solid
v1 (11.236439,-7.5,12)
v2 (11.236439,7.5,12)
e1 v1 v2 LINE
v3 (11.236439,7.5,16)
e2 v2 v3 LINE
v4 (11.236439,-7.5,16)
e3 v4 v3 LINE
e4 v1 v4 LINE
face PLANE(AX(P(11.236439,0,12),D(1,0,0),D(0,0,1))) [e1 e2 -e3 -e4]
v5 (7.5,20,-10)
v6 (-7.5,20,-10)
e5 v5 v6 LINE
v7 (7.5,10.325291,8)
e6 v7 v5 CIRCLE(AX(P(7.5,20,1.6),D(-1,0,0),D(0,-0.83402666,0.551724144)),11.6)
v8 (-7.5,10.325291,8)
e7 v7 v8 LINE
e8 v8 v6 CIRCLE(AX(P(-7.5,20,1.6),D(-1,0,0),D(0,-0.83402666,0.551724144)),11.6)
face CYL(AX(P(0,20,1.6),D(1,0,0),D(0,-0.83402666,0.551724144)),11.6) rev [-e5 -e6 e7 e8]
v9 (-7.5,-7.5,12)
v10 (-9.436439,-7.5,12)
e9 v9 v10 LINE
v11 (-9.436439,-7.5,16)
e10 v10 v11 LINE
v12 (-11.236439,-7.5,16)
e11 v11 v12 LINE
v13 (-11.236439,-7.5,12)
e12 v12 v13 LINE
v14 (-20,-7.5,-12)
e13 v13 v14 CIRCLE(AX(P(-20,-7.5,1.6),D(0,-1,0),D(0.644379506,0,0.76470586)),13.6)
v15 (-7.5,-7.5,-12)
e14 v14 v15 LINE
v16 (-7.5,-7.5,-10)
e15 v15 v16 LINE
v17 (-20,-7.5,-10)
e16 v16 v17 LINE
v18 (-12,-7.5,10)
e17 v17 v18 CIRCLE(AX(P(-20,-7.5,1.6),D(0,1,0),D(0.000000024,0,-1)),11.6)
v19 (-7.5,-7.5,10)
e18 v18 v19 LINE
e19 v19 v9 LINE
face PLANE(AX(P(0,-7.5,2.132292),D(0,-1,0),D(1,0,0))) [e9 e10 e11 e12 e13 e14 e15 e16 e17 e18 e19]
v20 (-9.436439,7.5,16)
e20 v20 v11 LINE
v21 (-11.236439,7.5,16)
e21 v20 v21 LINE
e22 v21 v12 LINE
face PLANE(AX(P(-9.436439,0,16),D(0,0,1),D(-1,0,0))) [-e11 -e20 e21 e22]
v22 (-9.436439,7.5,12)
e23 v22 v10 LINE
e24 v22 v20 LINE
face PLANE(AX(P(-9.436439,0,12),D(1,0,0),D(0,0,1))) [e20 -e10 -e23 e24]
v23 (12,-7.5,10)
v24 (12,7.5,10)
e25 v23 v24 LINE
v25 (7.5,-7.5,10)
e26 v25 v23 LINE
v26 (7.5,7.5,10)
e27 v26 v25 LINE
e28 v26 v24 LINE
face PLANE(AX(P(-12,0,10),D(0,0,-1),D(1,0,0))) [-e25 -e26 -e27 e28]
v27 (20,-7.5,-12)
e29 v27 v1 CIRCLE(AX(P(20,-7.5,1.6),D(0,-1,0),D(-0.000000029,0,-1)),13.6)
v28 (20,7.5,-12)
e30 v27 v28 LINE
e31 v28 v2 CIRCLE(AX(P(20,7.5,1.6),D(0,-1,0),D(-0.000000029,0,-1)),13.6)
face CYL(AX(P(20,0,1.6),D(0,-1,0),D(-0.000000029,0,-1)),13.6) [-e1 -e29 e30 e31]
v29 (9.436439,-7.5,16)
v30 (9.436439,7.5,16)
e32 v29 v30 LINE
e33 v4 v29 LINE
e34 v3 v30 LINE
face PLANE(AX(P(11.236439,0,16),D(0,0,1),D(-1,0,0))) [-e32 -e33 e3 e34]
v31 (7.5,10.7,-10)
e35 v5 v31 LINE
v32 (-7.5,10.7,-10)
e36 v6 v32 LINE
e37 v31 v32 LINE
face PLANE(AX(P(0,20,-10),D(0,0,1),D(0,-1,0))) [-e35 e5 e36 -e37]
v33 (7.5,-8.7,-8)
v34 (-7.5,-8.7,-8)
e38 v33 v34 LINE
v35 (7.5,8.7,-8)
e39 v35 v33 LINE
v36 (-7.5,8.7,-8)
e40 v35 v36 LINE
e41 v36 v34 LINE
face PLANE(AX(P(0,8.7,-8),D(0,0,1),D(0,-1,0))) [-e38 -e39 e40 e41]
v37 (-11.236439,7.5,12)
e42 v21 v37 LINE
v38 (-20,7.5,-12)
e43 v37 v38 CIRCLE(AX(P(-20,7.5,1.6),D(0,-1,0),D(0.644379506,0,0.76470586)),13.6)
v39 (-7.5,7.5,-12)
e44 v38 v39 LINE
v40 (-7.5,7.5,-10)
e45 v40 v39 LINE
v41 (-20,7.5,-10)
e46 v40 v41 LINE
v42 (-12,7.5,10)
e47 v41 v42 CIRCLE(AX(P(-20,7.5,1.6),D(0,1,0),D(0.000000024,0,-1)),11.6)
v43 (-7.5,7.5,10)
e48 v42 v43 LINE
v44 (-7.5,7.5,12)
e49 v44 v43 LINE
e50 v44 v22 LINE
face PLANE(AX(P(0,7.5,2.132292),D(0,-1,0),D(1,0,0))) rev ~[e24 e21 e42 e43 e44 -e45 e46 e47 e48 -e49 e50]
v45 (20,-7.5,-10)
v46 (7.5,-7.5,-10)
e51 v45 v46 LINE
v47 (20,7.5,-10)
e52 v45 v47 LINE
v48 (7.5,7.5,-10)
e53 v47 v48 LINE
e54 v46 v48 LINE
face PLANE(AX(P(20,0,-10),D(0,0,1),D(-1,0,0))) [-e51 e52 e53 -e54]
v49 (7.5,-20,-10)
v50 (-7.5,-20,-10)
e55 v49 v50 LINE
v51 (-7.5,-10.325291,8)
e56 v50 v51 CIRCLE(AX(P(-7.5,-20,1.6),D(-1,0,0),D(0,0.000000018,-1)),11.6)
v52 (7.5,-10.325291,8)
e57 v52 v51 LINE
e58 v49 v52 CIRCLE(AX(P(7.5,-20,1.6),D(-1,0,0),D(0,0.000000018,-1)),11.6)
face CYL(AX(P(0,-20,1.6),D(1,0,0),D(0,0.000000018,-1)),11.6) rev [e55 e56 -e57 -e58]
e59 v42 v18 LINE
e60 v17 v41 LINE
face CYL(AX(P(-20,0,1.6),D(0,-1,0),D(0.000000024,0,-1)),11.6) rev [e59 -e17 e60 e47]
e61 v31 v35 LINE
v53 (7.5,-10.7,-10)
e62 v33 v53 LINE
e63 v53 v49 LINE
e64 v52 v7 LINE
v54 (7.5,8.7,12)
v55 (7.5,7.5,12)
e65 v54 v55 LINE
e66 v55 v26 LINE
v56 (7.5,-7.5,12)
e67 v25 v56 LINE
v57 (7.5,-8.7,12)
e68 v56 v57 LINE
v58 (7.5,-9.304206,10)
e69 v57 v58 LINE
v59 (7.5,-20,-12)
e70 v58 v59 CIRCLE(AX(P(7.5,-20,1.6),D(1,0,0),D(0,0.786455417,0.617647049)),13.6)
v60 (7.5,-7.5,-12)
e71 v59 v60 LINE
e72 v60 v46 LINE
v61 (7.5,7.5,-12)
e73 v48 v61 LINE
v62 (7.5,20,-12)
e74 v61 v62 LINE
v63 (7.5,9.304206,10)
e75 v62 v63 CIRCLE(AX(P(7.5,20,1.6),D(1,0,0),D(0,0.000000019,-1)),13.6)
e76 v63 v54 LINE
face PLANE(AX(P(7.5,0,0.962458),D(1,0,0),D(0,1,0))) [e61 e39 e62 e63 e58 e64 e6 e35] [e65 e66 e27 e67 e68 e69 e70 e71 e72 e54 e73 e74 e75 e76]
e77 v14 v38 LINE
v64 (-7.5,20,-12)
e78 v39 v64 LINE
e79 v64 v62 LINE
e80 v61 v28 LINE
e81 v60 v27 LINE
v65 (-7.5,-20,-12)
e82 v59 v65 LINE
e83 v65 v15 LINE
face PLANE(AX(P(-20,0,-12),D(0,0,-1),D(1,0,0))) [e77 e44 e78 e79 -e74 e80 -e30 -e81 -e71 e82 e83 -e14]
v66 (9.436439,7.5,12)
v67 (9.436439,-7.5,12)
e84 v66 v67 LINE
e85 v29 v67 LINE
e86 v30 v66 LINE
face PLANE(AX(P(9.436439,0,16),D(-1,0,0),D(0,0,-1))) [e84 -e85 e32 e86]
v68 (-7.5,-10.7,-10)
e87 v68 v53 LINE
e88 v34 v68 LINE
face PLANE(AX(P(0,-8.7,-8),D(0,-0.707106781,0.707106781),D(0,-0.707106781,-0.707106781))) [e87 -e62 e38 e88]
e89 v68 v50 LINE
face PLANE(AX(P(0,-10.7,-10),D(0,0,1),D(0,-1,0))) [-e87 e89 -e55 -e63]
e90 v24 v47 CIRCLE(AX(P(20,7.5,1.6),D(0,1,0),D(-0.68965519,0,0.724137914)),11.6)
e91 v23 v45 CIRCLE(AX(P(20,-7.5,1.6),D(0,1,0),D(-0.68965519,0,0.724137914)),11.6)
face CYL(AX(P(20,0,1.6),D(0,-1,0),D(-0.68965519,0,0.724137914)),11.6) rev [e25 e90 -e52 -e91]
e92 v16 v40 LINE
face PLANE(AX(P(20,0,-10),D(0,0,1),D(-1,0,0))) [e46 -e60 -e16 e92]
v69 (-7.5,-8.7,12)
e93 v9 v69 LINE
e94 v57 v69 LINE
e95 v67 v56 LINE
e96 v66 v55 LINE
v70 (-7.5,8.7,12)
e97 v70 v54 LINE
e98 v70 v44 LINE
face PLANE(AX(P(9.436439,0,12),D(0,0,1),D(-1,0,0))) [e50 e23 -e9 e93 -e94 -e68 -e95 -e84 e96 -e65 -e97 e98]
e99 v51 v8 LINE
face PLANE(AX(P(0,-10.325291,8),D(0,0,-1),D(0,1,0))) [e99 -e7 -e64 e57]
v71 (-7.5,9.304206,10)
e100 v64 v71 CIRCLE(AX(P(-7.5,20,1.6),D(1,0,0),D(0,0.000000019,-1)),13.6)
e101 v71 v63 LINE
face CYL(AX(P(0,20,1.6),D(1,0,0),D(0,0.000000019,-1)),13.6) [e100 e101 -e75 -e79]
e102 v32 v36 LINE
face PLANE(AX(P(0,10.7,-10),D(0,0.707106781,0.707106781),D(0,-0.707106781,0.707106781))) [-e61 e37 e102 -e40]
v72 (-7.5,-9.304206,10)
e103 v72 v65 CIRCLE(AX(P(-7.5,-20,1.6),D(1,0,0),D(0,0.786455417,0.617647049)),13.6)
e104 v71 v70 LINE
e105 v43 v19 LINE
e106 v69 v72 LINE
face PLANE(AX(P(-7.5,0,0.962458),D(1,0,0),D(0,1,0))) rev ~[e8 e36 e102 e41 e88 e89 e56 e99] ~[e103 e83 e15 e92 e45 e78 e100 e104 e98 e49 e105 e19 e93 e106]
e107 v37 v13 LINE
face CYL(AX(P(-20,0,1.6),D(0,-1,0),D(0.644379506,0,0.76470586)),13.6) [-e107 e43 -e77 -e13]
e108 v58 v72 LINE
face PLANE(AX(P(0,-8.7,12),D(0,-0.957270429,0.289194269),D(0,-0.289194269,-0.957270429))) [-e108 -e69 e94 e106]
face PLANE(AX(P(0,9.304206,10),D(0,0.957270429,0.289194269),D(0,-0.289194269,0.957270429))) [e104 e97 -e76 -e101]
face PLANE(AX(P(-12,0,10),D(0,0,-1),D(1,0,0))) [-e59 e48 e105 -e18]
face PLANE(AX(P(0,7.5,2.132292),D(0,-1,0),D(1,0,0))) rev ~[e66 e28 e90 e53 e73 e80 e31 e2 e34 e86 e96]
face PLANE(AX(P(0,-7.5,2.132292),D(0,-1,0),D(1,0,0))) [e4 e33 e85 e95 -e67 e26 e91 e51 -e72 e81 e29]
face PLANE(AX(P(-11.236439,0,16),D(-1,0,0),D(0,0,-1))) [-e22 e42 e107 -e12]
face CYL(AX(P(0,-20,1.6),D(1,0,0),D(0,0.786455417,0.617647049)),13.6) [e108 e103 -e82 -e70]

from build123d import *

# Parameters (mm, degrees)
F1_DEPTH = 7.5
F3_DEPTH = 7.5


with BuildPart() as f1:
    # F0 (on Front) → F1 (new body, symmetric)
    with BuildSketch(Plane.XZ):
        with BuildLine():
            Line((9.436439, 16), (9.436439, 12))
            Line((9.436439, 12), (-9.436439, 12))
            Line((-9.436439, 12), (-9.436439, 16))
            Line((-9.436439, 16), (-11.236439, 16))
            Line((-11.236439, 16), (-11.236439, 12))
            ThreePointArc((-11.236439, 12), (-32.774976, 6.264762), (-20, -12))
            Line((-20, -12), (20, -12))
            ThreePointArc((20, -12), (32.774976, 6.264762), (11.236439, 12))
            Line((11.236439, 12), (11.236439, 16))
            Line((11.236439, 16), (9.436439, 16))
        make_face()
        with BuildLine():
            Line((-12, 10), (12, 10))
            ThreePointArc((12, 10), (30.77033, 5.908132), (20, -10))
            Line((20, -10), (-20, -10))
            ThreePointArc((-20, -10), (-30.77033, 5.908132), (-12, 10))
        make_face(mode=Mode.SUBTRACT)
    extrude(amount=F1_DEPTH, both=True)

    # F2 (on Right) → F3 (join, symmetric)
    with BuildSketch(Plane.YZ):
        with BuildLine():
            Line((-7.5, -10), (7.5, -10))
            Line((7.5, -10), (7.5, -12))
            Line((7.5, -12), (20, -12))
            ThreePointArc((20, -12), (32.231108, 7.546427), (9.304206, 10))
            Line((9.304206, 10), (8.7, 12))
            Line((8.7, 12), (7.5, 12))
            Line((7.5, 12), (7.5, 10))
            Line((7.5, 10), (-7.5, 10))
            Line((-7.5, 10), (-7.5, 12))
            Line((-7.5, 12), (-8.7, 12))
            Line((-8.7, 12), (-9.304206, 10))
            ThreePointArc((-9.304206, 10), (-32.231108, 7.546427), (-20, -12))
            Line((-20, -12), (-7.5, -12))
            Line((-7.5, -12), (-7.5, -10))
        make_face()
        with BuildLine():
            Line((-10.7, -10), (-20, -10))
            ThreePointArc((-20, -10), (-30.217632, 7.091812), (-10.325291, 8))
            Line((-10.325291, 8), (10.325291, 8))
            ThreePointArc((10.325291, 8), (30.217632, 7.091812), (20, -10))
            Line((20, -10), (10.7, -10))
            Line((10.7, -10), (8.7, -8))
            Line((8.7, -8), (-8.7, -8))
            Line((-8.7, -8), (-10.7, -10))
        make_face(mode=Mode.SUBTRACT)
    extrude(amount=F3_DEPTH, both=True)


solid = f1.part
